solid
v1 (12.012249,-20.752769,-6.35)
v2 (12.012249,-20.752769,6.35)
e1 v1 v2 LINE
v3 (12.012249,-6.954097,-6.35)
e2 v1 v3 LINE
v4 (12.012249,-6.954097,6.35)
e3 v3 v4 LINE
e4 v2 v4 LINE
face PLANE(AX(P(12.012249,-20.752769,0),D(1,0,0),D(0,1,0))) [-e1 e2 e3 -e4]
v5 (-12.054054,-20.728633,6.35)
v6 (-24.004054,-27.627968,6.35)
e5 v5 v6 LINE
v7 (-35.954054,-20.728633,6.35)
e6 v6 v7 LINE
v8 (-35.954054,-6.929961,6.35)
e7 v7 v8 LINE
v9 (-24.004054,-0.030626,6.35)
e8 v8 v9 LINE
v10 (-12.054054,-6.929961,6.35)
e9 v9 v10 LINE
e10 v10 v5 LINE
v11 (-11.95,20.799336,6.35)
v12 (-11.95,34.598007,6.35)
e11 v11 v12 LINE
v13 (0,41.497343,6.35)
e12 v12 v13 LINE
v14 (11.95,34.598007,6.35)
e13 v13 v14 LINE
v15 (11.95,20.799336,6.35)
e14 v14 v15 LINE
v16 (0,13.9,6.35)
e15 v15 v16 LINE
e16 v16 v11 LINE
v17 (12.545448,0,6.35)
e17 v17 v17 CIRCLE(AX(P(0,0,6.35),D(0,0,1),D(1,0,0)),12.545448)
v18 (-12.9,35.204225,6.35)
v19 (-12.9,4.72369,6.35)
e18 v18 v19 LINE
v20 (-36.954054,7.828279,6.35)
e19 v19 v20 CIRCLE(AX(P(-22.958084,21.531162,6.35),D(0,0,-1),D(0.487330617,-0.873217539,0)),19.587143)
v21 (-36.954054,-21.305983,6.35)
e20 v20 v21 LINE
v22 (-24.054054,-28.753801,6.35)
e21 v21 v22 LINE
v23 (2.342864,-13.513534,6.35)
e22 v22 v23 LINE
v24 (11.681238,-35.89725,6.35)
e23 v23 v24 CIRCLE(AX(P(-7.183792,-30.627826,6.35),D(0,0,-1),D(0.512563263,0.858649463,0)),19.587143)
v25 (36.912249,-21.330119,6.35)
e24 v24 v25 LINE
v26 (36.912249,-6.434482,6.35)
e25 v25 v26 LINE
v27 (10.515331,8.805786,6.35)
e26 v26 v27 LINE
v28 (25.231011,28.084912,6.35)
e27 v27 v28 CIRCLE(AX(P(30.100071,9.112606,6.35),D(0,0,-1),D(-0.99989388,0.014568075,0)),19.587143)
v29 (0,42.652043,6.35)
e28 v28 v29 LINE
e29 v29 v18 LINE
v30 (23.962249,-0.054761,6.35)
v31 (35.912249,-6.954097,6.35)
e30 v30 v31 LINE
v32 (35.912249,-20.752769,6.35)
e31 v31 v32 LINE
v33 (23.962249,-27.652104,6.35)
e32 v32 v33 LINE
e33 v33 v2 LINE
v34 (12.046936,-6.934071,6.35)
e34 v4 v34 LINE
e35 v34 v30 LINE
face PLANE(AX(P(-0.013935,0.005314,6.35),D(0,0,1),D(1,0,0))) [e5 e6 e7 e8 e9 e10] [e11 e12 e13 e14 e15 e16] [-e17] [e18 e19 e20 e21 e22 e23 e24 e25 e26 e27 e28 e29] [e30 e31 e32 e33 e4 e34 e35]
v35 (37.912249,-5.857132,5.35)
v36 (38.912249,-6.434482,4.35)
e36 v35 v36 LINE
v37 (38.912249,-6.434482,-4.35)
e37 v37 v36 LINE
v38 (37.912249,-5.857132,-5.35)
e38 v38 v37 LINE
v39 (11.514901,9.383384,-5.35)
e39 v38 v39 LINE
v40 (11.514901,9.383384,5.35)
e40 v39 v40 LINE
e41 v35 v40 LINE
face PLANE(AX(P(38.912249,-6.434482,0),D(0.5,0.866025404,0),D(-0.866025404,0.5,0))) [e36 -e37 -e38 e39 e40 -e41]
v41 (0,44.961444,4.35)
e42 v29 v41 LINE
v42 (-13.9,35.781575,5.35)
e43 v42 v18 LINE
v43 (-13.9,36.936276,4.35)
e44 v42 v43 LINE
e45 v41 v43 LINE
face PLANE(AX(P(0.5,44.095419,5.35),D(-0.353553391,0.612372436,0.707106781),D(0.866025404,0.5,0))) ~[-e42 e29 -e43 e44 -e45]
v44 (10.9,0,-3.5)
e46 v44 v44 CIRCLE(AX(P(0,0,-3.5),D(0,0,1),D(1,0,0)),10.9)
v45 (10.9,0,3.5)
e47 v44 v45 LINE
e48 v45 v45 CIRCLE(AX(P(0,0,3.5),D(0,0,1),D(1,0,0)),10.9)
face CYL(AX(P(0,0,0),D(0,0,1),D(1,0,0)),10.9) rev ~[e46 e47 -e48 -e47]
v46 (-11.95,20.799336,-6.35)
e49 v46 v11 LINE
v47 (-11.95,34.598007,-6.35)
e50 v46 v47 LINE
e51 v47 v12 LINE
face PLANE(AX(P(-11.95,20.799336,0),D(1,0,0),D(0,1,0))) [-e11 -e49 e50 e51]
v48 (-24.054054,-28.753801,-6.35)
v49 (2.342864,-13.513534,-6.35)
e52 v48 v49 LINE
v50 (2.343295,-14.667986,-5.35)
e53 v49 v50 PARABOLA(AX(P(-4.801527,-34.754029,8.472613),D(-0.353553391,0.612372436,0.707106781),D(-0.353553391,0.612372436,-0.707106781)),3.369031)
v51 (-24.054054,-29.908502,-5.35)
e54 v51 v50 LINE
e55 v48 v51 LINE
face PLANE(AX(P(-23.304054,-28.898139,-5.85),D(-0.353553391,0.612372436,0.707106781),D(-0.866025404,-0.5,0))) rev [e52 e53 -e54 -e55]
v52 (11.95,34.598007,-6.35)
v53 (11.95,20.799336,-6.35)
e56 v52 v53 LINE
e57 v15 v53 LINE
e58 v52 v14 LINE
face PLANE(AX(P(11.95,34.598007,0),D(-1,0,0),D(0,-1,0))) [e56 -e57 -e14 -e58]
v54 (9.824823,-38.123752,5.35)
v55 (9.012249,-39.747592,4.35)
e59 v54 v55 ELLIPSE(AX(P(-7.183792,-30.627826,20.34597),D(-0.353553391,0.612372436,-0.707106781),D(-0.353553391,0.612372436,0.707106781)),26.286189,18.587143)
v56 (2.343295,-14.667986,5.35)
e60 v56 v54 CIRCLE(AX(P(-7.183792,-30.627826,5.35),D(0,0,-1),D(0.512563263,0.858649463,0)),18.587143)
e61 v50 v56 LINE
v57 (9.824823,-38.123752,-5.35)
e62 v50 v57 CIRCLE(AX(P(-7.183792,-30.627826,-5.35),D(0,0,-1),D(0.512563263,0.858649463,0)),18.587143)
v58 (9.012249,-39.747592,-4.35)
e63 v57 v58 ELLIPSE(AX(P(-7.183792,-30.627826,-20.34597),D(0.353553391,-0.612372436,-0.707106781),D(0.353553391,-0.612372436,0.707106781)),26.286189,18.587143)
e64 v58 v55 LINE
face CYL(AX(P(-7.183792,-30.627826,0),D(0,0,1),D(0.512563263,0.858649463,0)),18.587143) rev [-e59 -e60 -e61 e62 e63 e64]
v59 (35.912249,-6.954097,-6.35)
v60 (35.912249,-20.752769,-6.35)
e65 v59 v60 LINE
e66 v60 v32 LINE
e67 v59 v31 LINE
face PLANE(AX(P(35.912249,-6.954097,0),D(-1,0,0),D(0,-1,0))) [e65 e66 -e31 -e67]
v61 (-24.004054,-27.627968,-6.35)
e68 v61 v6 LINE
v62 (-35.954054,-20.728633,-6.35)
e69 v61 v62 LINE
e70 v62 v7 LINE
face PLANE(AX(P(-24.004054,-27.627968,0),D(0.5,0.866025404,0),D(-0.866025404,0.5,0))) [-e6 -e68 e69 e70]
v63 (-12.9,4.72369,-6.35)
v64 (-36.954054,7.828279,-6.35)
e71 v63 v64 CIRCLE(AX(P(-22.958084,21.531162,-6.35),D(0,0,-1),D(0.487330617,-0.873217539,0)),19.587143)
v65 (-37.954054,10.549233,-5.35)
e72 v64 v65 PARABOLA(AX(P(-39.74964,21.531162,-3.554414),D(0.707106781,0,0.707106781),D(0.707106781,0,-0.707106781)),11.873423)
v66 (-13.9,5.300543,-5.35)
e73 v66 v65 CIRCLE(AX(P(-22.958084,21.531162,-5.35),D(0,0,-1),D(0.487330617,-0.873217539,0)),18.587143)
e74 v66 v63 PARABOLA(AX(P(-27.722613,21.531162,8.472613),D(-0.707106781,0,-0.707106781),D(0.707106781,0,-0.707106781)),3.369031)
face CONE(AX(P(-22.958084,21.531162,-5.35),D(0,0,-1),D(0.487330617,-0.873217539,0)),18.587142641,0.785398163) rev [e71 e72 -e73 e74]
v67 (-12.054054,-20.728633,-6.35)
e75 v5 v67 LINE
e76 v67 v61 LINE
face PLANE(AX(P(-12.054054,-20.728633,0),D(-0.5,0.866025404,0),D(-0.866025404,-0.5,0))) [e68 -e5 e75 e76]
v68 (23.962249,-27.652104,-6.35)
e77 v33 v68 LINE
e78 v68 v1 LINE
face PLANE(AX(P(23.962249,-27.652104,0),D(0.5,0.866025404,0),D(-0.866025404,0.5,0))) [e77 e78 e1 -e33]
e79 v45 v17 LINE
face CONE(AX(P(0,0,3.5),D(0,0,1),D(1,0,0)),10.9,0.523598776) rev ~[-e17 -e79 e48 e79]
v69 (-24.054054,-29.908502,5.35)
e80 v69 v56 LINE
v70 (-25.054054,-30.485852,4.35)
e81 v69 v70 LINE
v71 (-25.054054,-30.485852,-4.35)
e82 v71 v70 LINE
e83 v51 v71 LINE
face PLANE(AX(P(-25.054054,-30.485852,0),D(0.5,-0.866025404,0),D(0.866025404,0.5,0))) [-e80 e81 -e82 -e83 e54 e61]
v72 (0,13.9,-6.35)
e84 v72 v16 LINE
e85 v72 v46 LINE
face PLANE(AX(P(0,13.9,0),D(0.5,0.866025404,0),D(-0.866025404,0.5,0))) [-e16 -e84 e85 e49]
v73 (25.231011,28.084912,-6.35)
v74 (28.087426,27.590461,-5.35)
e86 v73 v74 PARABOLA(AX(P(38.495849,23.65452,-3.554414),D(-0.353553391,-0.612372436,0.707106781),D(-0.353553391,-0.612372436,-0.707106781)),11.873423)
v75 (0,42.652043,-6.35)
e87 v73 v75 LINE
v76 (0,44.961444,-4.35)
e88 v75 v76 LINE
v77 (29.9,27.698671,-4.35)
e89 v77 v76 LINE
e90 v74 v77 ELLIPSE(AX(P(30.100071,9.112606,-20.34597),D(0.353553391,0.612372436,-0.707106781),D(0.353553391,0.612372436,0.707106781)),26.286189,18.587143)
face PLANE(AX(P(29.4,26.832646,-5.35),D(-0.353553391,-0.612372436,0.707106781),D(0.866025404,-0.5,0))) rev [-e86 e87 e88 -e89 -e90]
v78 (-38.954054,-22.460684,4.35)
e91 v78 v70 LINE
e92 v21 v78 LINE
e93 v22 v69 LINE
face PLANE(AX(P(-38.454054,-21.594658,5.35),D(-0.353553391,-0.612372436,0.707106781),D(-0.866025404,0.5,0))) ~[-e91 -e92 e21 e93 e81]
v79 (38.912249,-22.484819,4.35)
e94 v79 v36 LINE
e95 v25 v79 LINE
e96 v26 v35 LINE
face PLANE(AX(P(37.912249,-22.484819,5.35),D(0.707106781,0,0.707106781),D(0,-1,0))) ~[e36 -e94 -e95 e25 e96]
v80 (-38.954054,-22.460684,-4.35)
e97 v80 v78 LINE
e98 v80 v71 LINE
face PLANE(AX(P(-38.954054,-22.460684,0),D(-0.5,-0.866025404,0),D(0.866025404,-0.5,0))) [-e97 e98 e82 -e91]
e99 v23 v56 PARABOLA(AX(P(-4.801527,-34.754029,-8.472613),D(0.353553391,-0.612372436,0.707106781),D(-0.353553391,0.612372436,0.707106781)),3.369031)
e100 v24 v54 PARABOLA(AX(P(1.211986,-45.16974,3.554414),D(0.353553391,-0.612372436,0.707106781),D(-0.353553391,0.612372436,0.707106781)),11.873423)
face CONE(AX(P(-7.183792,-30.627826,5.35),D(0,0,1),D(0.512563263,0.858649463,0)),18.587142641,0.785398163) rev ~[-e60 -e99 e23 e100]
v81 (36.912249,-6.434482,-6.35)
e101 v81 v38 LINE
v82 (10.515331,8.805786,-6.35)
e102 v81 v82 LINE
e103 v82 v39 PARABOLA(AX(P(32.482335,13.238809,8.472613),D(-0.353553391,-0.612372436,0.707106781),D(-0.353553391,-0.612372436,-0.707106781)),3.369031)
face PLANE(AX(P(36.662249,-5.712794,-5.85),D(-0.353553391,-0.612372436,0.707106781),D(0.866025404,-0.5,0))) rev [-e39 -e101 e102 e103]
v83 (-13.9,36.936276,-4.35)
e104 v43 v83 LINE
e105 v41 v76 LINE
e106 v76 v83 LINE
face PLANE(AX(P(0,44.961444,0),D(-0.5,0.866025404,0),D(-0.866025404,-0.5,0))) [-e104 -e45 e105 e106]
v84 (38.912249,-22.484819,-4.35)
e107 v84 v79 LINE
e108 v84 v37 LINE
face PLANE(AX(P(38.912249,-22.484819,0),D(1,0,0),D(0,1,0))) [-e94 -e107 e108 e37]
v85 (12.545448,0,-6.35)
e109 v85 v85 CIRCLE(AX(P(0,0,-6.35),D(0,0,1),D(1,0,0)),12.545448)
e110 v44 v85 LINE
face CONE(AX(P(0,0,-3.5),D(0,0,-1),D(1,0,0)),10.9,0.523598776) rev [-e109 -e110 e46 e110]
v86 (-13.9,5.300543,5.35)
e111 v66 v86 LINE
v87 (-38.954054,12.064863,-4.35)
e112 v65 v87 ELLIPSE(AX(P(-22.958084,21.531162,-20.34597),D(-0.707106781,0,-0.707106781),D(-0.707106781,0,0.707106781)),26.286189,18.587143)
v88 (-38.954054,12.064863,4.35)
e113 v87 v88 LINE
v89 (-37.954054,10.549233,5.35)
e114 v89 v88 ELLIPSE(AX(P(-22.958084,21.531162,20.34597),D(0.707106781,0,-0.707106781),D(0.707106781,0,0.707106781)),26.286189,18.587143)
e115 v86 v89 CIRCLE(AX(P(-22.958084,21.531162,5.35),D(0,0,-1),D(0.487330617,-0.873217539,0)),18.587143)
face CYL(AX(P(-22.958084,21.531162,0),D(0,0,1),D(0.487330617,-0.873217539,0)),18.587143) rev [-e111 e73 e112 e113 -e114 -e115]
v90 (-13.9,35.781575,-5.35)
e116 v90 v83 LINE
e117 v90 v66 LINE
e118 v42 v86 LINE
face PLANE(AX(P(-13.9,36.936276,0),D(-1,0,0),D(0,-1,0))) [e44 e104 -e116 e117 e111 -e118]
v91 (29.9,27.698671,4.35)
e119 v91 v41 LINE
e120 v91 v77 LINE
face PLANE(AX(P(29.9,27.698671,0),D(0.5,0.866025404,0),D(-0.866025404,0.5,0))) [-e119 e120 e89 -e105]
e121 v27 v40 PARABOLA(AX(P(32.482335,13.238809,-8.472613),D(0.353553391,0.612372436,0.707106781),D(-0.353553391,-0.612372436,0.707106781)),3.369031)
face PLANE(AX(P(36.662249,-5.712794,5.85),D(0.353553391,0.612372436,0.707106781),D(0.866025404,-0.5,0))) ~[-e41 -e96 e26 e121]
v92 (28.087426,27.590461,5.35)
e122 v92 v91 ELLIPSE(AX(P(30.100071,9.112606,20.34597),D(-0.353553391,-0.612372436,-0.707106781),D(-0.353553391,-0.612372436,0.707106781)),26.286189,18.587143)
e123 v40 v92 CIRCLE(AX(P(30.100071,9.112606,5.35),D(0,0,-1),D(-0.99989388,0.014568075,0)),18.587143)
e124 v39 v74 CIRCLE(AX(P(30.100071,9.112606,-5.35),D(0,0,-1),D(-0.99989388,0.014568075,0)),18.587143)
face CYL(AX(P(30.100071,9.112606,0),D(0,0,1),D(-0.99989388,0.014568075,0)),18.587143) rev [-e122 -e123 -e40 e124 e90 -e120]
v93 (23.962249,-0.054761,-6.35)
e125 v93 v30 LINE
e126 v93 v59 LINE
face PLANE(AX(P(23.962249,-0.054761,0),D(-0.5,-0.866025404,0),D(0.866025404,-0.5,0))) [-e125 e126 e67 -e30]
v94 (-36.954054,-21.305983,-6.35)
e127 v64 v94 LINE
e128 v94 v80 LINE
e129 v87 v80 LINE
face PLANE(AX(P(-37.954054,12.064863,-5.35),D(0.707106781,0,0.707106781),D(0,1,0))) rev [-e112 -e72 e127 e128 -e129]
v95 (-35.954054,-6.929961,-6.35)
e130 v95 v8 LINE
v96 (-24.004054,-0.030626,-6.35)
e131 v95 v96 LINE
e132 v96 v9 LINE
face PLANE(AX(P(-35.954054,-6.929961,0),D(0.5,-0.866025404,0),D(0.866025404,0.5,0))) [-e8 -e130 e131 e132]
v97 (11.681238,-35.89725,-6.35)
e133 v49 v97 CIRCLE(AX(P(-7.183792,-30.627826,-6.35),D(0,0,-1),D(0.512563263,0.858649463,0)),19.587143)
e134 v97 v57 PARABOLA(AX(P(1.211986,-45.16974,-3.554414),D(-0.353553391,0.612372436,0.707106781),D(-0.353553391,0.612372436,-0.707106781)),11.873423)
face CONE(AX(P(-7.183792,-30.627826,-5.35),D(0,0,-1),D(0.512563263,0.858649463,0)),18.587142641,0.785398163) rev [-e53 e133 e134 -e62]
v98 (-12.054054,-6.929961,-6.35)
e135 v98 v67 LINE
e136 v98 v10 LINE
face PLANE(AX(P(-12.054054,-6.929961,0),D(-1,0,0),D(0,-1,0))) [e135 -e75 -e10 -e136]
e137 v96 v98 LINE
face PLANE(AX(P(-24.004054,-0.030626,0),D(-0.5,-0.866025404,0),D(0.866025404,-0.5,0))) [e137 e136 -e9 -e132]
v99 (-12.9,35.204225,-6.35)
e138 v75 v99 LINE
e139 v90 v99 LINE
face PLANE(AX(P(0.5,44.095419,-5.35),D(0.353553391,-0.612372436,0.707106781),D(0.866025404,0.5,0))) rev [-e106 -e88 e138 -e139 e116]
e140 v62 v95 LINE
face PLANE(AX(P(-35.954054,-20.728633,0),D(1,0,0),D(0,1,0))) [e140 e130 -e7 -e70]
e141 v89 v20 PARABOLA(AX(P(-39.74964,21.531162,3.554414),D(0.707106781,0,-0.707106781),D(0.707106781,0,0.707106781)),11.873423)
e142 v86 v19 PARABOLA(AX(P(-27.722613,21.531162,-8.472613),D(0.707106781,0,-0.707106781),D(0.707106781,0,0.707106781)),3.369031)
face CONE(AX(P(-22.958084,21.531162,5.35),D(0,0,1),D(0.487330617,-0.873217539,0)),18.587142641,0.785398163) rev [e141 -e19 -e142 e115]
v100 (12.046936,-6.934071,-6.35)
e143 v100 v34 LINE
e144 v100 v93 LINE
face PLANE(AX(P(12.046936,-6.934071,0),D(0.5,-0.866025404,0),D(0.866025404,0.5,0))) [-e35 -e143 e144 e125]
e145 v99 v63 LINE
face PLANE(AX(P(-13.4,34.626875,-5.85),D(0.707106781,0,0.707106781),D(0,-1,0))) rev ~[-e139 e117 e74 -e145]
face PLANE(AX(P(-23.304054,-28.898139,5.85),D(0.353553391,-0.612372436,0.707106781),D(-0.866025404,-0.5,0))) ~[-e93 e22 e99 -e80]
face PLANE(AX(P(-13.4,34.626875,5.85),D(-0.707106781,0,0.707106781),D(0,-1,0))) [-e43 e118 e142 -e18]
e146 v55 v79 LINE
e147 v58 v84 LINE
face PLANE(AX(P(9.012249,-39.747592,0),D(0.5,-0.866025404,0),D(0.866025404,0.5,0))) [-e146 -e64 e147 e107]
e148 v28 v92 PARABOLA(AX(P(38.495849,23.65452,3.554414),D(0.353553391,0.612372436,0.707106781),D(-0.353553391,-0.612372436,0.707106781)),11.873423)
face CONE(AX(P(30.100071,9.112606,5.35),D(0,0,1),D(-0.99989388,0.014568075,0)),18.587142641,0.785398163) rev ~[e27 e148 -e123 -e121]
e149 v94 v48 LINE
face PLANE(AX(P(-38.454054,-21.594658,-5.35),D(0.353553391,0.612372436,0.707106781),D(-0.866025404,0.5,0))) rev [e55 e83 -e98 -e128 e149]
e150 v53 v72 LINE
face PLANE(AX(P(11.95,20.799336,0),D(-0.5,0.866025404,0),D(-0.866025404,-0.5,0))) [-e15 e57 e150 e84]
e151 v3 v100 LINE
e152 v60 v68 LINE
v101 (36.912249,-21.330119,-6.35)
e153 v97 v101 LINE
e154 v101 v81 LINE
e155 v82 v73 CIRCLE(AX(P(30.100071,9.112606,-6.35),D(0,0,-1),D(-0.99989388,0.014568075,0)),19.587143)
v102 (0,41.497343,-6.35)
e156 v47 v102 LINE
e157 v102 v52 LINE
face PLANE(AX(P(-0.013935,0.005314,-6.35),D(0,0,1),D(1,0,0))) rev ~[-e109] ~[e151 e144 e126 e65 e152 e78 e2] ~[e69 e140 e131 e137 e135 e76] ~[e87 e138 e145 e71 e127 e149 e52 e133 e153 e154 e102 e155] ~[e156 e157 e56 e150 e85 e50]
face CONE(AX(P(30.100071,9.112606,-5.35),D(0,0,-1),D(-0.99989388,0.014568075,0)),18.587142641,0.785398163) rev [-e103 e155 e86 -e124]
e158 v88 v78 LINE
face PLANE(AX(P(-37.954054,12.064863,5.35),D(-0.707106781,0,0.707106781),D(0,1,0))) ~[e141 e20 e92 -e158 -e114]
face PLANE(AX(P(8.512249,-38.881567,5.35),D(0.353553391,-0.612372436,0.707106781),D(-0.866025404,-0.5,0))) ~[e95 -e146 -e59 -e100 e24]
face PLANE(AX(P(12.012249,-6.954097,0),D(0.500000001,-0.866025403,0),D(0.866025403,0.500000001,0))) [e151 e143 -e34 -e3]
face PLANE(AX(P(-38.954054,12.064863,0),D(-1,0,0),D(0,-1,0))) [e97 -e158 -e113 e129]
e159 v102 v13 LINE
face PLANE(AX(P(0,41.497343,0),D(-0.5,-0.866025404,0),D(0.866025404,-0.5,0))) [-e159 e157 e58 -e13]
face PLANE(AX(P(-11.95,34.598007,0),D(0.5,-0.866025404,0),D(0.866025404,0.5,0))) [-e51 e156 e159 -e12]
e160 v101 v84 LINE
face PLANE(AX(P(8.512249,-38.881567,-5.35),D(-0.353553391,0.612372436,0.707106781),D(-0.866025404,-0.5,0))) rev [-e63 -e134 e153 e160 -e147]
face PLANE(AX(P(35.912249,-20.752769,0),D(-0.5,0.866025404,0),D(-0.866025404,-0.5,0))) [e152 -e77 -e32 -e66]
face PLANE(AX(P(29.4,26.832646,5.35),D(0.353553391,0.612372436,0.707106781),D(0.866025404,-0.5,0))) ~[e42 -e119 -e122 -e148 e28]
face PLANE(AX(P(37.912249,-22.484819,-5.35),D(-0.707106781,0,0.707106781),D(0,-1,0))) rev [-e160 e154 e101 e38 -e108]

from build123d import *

# Parameters (mm, degrees)
F2_DEPTH = 6.35
F0_R     = 10.9
F3_DEPTH = 12.5
F4_SIZE  = 2
F5_SIZE  = 1
F6_SIZE2 = 1.6454482672
F6_SIZE  = 2.85


with BuildPart() as f2:
    # F1 (on Top) → F2 (new body, symmetric)
    with BuildSketch(Plane.XY):
        with BuildLine():
            Line((-13.9, 36.9362757407), (-13.9, 5.3005428515))
            ThreePointArc((-13.9, 5.3005428515), (-27.8029336636, 3.5865442194), (-38.954053502, 12.0648625736))
            Line((-38.954053502, 12.0648625736), (-38.954053502, -22.4606835239))
            Line((-38.954053502, -22.4606835239), (-25.054053502, -30.4858522656))
            Line((-25.054053502, -30.4858522656), (2.3432948474, -14.667985821))
            ThreePointArc((2.3432948474, -14.667985821), (10.7791280366, -25.8512802448), (9.0122488797, -39.7475924826))
            Line((9.0122488797, -39.7475924826), (38.9122488797, -22.4848194339))
            Line((38.9122488797, -22.4848194339), (38.9122488797, -6.4344819504))
            Line((38.9122488797, -6.4344819504), (11.5149005303, 9.3833844942))
            ThreePointArc((11.5149005303, 9.3833844942), (16.9820010047, 22.2806775501), (29.9, 27.6986714336))
            Line((29.9, 27.6986714336), (0, 44.9614444824))
            Line((0, 44.9614444824), (-13.9, 36.9362757407))
        make_face()
        Polygon((-24.004053502, -27.6279684332), (-35.954053502, -20.7286327163), (-35.954053502, -6.9299612827), (-24.004053502, -0.0306255659), (-12.054053502, -6.9299612827), (-12.054053502, -20.7286327163), align=None, mode=Mode.SUBTRACT)
        with BuildLine():
            ThreePointArc((0, 13.9), (9.8287842585, 9.8287842585), (13.9, 0))
            ThreePointArc((13.9, 0), (13.4287454536, -3.5887038806), (12.0469358931, -6.9340706361))
            Line((12.0469358931, -6.9340706361), (23.9622488797, -0.0547614759))
            Line((23.9622488797, -0.0547614759), (35.9122488797, -6.9540971927))
            Line((35.9122488797, -6.9540971927), (35.9122488797, -20.7527686263))
            Line((35.9122488797, -20.7527686263), (23.9622488797, -27.6521043431))
            Line((23.9622488797, -27.6521043431), (12.0122488797, -20.7527686263))
            Line((12.0122488797, -20.7527686263), (12.0122488797, -6.9939886226))
            ThreePointArc((12.0122488797, -6.9939886226), (-12.0504448435, -6.927970776), (0, 13.9))
        make_face(mode=Mode.SUBTRACT)
        Polygon((11.95, 20.7993357168), (0, 13.9), (-11.95, 20.7993357168), (-11.95, 34.5980071504), (0, 41.4973428673), (11.95, 34.5980071504), align=None, mode=Mode.SUBTRACT)
        with BuildLine():
            ThreePointArc((12.0469358931, -6.9340706361), (13.4287454536, -3.5887038806), (13.9, 0))
            ThreePointArc((13.9, 0), (9.8287842585, 9.8287842585), (0, 13.9))
            ThreePointArc((0, 13.9), (-12.0504448435, -6.927970776), (12.0122488797, -6.9939886226))
            Line((12.0122488797, -6.9939886226), (12.0122488797, -6.9540971927))
            Line((12.0122488797, -6.9540971927), (12.0469358931, -6.9340706361))
        make_face()
    extrude(amount=F2_DEPTH, both=True)

    # F0 (on Top) → F3 (cut, symmetric)
    with BuildSketch(Plane.XY):
        Circle(F0_R)
    extrude(amount=F3_DEPTH, both=True, mode=Mode.SUBTRACT)

    # F4
    f4_edges = [f2.edges().sort_by_distance(p)[0] for p in [
        (14.95, 36.330058, -6.35),
        (14.95, 36.330058, 6.35),
        (-38.954054, -5.19791, 6.35),
        (-38.954054, -5.19791, -6.35),
        (-32.004054, -26.473268, -6.35),
        (-32.004054, -26.473268, 6.35),
        (23.962249, -31.116206, -6.35),
        (23.962249, -31.116206, 6.35),
        (38.912249, -14.459651, 6.35),
        (38.912249, -14.459651, -6.35),
        (-6.95, 40.94886, -6.35),
        (-6.95, 40.94886, 6.35),
    ]]
    chamfer(f4_edges, length=F4_SIZE)

    # F5
    f5_edges = [f2.edges().sort_by_distance(p)[0] for p in [
        (-10.355379, -21.999569, 6.35),
        (-10.355379, -21.999569, -6.35),
        (-13.9, 19.963709, -6.35),
        (-13.9, 19.963709, 6.35),
        (24.213575, 2.051802, 6.35),
        (24.213575, 2.051802, -6.35),
        (15.828699, 21.020998, 6.35),
        (15.828699, 21.020998, -6.35),
        (-26.135368, 3.217595, 6.35),
        (-26.135368, 3.217595, -6.35),
        (10.264865, -24.222651, -6.35),
        (10.264865, -24.222651, 6.35),
    ]]
    chamfer(f5_edges, length=F5_SIZE)

    # F6
    f6_edges = [f2.edges().sort_by_distance(p)[0] for p in [
        (-10.9, 0, 6.35),
        (-10.9, 0, -6.35),
    ]]
    f6_side = f2.faces().sort_by_distance((-10.9, 0, 0))[0]
    chamfer(f6_edges, length=F6_SIZE, length2=F6_SIZE2, reference=f6_side)


solid = f2.part
